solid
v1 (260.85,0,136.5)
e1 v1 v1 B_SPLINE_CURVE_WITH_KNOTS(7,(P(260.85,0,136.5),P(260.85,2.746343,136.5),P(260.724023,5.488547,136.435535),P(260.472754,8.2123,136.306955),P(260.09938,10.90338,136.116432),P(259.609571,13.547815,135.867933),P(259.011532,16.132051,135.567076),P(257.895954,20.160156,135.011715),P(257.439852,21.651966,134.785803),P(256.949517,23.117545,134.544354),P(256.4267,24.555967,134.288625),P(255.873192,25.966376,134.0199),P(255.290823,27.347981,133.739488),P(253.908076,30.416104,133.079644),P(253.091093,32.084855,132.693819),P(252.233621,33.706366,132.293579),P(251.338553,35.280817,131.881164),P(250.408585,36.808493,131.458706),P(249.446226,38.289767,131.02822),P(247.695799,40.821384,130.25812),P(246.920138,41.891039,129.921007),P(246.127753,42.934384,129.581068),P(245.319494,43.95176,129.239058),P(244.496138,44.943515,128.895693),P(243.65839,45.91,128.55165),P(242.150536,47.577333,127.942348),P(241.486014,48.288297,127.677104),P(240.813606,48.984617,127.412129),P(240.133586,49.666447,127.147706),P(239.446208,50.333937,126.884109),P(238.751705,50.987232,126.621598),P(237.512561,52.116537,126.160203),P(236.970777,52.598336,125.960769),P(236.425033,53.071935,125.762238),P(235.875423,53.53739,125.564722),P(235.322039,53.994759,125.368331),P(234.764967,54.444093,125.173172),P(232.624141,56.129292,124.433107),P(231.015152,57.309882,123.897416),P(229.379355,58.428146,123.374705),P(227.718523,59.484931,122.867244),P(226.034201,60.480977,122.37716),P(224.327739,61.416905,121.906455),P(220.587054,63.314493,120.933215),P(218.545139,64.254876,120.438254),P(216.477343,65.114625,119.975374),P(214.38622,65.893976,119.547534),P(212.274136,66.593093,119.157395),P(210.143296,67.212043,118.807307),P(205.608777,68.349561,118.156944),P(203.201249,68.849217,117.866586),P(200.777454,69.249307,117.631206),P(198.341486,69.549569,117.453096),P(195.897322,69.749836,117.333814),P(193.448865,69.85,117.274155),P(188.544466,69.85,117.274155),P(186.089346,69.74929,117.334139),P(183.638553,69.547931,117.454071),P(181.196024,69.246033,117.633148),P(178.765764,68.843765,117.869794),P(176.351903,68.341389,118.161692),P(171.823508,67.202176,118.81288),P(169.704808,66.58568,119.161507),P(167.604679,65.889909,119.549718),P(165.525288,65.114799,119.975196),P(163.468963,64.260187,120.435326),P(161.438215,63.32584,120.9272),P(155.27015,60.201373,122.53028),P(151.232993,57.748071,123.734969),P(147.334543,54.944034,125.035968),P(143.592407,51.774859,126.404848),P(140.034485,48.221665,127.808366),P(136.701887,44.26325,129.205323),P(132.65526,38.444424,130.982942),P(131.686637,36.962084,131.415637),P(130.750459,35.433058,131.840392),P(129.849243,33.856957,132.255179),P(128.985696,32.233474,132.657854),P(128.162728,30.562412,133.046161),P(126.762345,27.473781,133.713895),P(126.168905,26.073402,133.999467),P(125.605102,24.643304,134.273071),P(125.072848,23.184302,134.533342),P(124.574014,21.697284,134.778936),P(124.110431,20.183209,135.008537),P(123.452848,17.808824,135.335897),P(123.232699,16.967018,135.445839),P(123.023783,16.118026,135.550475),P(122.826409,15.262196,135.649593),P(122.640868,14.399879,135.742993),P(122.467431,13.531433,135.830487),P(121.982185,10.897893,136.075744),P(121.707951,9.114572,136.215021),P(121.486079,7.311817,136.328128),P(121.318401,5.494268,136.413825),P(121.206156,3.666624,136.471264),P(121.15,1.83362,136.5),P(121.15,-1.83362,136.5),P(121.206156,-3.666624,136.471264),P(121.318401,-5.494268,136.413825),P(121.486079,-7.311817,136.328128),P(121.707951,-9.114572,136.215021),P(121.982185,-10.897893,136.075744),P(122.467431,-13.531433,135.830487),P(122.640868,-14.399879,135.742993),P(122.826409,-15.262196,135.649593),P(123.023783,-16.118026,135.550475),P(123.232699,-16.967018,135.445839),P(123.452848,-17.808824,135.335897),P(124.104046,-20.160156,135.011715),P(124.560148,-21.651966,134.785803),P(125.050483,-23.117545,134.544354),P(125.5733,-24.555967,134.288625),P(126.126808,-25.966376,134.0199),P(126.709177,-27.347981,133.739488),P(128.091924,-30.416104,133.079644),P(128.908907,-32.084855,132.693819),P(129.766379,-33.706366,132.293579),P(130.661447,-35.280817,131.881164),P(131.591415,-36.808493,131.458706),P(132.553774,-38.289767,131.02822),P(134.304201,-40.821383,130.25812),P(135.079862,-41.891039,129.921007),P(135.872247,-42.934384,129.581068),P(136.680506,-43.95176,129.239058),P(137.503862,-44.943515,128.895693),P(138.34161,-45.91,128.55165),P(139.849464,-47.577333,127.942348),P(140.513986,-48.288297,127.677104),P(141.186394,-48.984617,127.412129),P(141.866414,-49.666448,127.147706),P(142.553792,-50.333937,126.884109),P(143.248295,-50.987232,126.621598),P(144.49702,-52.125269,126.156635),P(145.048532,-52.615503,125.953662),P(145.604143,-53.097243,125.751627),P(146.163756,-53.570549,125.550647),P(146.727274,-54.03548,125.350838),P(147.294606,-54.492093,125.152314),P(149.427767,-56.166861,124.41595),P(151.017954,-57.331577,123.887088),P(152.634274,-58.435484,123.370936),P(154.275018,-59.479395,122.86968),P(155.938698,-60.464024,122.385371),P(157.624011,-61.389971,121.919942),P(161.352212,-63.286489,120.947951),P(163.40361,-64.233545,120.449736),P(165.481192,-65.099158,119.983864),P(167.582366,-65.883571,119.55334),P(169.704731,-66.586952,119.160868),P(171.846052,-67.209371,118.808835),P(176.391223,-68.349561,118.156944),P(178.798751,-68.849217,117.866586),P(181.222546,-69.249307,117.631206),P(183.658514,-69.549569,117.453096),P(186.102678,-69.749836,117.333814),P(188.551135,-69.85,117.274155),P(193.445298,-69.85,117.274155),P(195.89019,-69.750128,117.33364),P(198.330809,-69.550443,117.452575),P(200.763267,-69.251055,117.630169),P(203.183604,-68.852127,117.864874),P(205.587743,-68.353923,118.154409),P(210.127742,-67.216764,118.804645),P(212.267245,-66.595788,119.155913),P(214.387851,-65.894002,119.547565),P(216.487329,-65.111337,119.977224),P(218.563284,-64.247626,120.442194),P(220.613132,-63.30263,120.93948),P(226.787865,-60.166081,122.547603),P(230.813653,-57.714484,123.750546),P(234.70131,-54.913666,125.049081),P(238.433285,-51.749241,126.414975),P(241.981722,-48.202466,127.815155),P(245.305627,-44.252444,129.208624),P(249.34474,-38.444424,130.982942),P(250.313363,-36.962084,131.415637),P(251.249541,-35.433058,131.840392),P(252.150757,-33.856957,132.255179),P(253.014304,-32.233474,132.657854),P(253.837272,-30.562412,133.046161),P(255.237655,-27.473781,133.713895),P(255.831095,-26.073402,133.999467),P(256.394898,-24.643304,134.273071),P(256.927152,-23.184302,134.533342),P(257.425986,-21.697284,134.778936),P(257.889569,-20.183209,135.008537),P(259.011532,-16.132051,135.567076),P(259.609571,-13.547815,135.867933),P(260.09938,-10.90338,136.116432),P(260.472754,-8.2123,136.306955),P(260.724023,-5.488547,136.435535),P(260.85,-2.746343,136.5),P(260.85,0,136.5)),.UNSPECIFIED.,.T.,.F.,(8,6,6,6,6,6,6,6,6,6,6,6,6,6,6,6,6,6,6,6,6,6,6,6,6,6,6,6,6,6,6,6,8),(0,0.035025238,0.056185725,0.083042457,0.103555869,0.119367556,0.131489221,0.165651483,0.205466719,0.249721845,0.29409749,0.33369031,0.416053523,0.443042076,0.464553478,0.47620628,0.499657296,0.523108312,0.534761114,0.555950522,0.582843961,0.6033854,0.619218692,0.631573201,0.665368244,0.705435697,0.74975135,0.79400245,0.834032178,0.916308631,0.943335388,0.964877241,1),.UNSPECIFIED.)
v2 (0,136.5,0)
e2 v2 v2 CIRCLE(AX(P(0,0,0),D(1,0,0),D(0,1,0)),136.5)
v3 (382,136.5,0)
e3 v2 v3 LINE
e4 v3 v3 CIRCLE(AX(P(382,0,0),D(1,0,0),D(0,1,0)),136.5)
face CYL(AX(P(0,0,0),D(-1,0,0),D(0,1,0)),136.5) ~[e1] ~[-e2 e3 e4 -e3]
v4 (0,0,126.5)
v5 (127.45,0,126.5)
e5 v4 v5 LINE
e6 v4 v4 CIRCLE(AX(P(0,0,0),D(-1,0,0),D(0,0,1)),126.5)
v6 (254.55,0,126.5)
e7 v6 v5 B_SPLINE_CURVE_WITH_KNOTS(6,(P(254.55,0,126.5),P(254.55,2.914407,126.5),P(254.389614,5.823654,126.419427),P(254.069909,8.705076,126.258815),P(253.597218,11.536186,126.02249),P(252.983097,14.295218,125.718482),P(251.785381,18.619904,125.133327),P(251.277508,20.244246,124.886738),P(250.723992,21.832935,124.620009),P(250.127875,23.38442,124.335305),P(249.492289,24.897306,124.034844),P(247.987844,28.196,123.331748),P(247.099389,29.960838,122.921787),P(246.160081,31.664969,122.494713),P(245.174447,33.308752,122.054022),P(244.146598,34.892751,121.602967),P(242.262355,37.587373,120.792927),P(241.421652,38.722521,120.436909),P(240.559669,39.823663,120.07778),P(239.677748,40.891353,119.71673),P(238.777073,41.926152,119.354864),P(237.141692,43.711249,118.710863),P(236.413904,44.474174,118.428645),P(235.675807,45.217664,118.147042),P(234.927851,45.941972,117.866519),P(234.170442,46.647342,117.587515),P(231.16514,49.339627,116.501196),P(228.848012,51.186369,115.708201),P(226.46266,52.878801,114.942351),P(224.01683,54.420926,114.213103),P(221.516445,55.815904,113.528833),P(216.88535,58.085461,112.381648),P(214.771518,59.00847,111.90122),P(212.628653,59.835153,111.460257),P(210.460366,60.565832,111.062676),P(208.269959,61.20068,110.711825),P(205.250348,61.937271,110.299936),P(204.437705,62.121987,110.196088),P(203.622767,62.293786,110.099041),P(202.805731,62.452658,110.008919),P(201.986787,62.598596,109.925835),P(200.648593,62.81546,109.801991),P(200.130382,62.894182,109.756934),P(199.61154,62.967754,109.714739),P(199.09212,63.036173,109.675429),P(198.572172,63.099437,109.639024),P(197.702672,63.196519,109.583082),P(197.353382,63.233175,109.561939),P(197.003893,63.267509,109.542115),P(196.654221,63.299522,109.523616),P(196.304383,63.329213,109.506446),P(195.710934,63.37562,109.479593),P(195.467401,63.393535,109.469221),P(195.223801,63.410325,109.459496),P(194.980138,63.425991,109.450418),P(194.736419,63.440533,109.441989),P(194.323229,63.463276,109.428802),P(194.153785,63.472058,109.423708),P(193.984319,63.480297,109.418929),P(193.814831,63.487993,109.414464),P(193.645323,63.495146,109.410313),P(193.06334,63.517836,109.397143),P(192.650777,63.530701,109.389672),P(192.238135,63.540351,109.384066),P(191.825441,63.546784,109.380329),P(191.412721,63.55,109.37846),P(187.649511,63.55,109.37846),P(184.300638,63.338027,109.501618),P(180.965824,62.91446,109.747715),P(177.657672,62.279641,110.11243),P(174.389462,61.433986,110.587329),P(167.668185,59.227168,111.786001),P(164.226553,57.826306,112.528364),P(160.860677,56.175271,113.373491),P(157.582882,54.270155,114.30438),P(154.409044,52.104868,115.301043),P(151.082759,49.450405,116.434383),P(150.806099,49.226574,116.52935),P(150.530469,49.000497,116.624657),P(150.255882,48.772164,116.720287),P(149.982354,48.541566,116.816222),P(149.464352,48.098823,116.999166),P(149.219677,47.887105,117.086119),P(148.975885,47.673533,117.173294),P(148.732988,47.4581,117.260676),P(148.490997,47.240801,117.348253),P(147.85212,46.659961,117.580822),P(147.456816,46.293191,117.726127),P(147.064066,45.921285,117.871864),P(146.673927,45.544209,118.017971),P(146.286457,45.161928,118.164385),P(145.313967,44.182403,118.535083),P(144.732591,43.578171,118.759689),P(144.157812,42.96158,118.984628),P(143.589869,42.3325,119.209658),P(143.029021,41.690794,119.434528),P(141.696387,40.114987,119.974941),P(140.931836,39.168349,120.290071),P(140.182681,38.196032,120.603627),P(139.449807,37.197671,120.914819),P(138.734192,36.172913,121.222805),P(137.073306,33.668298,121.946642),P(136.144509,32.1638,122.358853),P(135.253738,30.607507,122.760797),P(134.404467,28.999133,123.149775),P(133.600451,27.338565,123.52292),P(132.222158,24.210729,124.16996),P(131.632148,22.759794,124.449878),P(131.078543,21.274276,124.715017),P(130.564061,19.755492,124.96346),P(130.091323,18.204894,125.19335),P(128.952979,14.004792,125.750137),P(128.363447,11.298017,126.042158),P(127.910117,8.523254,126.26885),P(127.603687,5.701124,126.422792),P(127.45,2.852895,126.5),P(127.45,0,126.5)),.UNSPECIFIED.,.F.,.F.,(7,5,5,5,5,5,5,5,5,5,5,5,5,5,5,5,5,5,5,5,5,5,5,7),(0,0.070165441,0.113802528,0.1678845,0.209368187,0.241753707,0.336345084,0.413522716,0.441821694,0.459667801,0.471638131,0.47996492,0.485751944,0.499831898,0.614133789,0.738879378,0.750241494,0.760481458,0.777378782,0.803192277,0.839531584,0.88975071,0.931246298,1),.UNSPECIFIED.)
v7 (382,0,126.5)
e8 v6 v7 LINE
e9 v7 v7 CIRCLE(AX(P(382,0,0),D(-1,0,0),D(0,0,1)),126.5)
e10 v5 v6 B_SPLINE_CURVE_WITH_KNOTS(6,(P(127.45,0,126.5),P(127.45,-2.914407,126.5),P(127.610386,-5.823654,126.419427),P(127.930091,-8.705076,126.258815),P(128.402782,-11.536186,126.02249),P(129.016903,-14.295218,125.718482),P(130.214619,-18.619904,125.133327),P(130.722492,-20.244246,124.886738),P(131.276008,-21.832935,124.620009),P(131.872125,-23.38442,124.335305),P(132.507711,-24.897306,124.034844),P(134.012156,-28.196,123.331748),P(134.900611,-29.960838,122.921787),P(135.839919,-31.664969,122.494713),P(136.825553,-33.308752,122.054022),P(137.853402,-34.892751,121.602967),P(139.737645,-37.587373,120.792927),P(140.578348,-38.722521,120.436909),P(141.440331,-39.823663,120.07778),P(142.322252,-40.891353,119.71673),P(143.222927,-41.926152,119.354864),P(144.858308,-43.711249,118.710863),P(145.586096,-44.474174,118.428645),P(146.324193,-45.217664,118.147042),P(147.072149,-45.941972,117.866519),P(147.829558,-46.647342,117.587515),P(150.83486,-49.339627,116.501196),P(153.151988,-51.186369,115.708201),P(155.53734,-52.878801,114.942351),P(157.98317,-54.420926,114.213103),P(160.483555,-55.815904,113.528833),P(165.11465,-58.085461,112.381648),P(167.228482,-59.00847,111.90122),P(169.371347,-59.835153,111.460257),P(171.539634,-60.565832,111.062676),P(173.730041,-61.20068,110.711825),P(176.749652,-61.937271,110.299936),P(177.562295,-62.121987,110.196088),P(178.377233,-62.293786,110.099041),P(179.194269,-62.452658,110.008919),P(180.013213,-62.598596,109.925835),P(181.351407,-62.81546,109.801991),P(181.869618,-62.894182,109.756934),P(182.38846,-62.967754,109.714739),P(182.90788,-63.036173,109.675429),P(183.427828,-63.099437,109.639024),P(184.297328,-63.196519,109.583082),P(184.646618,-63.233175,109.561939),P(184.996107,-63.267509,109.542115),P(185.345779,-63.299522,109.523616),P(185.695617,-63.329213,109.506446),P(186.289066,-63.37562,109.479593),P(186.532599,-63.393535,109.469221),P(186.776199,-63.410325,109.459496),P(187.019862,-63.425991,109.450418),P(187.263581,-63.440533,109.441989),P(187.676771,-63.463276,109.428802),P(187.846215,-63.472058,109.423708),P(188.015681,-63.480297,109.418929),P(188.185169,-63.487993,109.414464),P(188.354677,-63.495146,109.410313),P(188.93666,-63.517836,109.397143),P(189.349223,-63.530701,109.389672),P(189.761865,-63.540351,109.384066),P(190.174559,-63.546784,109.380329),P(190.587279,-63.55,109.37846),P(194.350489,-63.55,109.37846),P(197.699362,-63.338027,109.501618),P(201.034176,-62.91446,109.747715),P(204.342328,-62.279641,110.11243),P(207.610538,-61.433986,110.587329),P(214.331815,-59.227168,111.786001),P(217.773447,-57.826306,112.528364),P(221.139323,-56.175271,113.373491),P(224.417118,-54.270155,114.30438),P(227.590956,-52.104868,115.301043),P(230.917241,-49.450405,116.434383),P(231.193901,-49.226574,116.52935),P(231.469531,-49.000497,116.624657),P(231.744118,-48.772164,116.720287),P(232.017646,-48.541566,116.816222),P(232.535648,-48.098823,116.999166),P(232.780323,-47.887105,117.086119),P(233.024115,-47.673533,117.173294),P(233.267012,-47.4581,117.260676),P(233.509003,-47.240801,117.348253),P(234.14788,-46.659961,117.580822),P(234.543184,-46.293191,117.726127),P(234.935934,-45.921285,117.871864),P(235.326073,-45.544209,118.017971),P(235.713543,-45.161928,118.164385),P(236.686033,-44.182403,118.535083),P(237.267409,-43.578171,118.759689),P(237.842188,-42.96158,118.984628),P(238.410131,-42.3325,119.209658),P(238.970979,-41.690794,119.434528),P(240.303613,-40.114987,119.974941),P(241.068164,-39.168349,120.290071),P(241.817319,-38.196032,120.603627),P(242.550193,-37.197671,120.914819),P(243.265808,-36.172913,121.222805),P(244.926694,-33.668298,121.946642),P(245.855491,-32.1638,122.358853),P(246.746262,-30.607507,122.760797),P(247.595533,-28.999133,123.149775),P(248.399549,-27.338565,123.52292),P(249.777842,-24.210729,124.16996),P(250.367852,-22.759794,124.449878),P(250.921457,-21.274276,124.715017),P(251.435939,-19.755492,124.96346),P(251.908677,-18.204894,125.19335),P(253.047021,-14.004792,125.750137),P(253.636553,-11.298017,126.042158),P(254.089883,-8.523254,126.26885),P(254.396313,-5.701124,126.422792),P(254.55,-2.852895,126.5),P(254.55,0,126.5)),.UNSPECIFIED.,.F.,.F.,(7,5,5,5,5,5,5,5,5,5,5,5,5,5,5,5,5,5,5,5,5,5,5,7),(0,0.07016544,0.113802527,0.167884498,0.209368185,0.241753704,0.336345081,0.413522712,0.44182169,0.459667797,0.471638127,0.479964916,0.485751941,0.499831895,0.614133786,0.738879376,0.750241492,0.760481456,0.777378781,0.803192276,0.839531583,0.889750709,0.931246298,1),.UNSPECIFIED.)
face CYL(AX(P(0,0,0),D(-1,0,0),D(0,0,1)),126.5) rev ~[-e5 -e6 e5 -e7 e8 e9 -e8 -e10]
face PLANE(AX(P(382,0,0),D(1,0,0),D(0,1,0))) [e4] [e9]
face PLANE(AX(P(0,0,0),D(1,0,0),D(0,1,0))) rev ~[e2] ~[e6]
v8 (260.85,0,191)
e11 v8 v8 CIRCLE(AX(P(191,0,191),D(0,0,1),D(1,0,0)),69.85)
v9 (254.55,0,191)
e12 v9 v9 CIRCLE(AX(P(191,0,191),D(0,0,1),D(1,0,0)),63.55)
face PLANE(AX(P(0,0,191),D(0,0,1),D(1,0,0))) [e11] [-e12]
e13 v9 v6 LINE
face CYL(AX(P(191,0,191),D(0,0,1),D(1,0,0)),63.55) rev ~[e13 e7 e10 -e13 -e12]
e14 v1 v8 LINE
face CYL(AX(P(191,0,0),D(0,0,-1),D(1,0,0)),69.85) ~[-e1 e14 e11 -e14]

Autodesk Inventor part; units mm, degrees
ref_plane "YZ Plane" through (0, 0, 0) normal (1, 0, 0) x (0, 1, 0)
ref_plane "XZ Plane" through (0, 0, 0) normal (0, 1, 0) x (-1, 0, 0)
ref_plane "XY Plane" through (0, 0, 0) normal (0, 0, 1) x (1, 0, 0)
sketch "Sketch1" plane through (0, 0, 0) normal (1, 0, 0) x (0, 1, 0)
  circle A0 centre (0, 0) radius 136.5
  dimension "d0" = 273
extrude "Extrusion1" add sketch "Sketch1" along normal blind 382
sketch "Sketch2" plane through (0, 0, 0) normal (0, 0, 1) x (1, 0, 0)
  line L0 (0, 136.5) -> (0, -136.5) projected
  line L1 (382, 136.5) -> (382, -136.5) projected
  line L2 (0, 0) -> (382, 0) construction
  circle A0 centre (191, 0) radius 69.85
  dimension "d3" = 139.7
extrude "Extrusion2" add sketch "Sketch2" along normal blind 191
sketch "Sketch3" plane through (0, 0, 0) normal (-1, 0, 0) x (0, 0, 1)
  circle A0 centre (0, 0) radius 136.5 projected
  circle A1 centre (0, 0) radius 126.5
  dimension "d6" = 253
extrude "Extrusion3" cut sketch "Sketch3" against normal through all contours A1
sketch "Sketch4" plane through (191, 0, 191) normal (0, 0, 1) x (1, 0, 0)
  circle A0 centre (0, 0) radius 69.85 projected
  circle A1 centre (0, 0) radius 63.55
  dimension "d9" = 127.1
extrude "Extrusion4" cut sketch "Sketch4" against normal up to next contours A1
equation "\"d0\" = D"
equation "\"d1\" = 2 * F1"
equation "\"d3\" = D1"
equation "\"d4\" = F1"
equation "\"d6\" = D - 2 * T"
equation "\"d7\" = F1"
equation "\"d9\" = D1 - 2 * T1"
equation "\"d10\" = F1"
equation "\"D\" = 273"
equation "\"F1\" = 191"
equation "\"D1\" = 139.7"
equation "\"T1\" = 6.3"
equation "\"Size_Designation\" = 1.2345"
equation "\"T\" = 10"
properties part number "ISO 5251 Переходный тройник DN250 x DN125 10" material "Нержавеющая сталь"
